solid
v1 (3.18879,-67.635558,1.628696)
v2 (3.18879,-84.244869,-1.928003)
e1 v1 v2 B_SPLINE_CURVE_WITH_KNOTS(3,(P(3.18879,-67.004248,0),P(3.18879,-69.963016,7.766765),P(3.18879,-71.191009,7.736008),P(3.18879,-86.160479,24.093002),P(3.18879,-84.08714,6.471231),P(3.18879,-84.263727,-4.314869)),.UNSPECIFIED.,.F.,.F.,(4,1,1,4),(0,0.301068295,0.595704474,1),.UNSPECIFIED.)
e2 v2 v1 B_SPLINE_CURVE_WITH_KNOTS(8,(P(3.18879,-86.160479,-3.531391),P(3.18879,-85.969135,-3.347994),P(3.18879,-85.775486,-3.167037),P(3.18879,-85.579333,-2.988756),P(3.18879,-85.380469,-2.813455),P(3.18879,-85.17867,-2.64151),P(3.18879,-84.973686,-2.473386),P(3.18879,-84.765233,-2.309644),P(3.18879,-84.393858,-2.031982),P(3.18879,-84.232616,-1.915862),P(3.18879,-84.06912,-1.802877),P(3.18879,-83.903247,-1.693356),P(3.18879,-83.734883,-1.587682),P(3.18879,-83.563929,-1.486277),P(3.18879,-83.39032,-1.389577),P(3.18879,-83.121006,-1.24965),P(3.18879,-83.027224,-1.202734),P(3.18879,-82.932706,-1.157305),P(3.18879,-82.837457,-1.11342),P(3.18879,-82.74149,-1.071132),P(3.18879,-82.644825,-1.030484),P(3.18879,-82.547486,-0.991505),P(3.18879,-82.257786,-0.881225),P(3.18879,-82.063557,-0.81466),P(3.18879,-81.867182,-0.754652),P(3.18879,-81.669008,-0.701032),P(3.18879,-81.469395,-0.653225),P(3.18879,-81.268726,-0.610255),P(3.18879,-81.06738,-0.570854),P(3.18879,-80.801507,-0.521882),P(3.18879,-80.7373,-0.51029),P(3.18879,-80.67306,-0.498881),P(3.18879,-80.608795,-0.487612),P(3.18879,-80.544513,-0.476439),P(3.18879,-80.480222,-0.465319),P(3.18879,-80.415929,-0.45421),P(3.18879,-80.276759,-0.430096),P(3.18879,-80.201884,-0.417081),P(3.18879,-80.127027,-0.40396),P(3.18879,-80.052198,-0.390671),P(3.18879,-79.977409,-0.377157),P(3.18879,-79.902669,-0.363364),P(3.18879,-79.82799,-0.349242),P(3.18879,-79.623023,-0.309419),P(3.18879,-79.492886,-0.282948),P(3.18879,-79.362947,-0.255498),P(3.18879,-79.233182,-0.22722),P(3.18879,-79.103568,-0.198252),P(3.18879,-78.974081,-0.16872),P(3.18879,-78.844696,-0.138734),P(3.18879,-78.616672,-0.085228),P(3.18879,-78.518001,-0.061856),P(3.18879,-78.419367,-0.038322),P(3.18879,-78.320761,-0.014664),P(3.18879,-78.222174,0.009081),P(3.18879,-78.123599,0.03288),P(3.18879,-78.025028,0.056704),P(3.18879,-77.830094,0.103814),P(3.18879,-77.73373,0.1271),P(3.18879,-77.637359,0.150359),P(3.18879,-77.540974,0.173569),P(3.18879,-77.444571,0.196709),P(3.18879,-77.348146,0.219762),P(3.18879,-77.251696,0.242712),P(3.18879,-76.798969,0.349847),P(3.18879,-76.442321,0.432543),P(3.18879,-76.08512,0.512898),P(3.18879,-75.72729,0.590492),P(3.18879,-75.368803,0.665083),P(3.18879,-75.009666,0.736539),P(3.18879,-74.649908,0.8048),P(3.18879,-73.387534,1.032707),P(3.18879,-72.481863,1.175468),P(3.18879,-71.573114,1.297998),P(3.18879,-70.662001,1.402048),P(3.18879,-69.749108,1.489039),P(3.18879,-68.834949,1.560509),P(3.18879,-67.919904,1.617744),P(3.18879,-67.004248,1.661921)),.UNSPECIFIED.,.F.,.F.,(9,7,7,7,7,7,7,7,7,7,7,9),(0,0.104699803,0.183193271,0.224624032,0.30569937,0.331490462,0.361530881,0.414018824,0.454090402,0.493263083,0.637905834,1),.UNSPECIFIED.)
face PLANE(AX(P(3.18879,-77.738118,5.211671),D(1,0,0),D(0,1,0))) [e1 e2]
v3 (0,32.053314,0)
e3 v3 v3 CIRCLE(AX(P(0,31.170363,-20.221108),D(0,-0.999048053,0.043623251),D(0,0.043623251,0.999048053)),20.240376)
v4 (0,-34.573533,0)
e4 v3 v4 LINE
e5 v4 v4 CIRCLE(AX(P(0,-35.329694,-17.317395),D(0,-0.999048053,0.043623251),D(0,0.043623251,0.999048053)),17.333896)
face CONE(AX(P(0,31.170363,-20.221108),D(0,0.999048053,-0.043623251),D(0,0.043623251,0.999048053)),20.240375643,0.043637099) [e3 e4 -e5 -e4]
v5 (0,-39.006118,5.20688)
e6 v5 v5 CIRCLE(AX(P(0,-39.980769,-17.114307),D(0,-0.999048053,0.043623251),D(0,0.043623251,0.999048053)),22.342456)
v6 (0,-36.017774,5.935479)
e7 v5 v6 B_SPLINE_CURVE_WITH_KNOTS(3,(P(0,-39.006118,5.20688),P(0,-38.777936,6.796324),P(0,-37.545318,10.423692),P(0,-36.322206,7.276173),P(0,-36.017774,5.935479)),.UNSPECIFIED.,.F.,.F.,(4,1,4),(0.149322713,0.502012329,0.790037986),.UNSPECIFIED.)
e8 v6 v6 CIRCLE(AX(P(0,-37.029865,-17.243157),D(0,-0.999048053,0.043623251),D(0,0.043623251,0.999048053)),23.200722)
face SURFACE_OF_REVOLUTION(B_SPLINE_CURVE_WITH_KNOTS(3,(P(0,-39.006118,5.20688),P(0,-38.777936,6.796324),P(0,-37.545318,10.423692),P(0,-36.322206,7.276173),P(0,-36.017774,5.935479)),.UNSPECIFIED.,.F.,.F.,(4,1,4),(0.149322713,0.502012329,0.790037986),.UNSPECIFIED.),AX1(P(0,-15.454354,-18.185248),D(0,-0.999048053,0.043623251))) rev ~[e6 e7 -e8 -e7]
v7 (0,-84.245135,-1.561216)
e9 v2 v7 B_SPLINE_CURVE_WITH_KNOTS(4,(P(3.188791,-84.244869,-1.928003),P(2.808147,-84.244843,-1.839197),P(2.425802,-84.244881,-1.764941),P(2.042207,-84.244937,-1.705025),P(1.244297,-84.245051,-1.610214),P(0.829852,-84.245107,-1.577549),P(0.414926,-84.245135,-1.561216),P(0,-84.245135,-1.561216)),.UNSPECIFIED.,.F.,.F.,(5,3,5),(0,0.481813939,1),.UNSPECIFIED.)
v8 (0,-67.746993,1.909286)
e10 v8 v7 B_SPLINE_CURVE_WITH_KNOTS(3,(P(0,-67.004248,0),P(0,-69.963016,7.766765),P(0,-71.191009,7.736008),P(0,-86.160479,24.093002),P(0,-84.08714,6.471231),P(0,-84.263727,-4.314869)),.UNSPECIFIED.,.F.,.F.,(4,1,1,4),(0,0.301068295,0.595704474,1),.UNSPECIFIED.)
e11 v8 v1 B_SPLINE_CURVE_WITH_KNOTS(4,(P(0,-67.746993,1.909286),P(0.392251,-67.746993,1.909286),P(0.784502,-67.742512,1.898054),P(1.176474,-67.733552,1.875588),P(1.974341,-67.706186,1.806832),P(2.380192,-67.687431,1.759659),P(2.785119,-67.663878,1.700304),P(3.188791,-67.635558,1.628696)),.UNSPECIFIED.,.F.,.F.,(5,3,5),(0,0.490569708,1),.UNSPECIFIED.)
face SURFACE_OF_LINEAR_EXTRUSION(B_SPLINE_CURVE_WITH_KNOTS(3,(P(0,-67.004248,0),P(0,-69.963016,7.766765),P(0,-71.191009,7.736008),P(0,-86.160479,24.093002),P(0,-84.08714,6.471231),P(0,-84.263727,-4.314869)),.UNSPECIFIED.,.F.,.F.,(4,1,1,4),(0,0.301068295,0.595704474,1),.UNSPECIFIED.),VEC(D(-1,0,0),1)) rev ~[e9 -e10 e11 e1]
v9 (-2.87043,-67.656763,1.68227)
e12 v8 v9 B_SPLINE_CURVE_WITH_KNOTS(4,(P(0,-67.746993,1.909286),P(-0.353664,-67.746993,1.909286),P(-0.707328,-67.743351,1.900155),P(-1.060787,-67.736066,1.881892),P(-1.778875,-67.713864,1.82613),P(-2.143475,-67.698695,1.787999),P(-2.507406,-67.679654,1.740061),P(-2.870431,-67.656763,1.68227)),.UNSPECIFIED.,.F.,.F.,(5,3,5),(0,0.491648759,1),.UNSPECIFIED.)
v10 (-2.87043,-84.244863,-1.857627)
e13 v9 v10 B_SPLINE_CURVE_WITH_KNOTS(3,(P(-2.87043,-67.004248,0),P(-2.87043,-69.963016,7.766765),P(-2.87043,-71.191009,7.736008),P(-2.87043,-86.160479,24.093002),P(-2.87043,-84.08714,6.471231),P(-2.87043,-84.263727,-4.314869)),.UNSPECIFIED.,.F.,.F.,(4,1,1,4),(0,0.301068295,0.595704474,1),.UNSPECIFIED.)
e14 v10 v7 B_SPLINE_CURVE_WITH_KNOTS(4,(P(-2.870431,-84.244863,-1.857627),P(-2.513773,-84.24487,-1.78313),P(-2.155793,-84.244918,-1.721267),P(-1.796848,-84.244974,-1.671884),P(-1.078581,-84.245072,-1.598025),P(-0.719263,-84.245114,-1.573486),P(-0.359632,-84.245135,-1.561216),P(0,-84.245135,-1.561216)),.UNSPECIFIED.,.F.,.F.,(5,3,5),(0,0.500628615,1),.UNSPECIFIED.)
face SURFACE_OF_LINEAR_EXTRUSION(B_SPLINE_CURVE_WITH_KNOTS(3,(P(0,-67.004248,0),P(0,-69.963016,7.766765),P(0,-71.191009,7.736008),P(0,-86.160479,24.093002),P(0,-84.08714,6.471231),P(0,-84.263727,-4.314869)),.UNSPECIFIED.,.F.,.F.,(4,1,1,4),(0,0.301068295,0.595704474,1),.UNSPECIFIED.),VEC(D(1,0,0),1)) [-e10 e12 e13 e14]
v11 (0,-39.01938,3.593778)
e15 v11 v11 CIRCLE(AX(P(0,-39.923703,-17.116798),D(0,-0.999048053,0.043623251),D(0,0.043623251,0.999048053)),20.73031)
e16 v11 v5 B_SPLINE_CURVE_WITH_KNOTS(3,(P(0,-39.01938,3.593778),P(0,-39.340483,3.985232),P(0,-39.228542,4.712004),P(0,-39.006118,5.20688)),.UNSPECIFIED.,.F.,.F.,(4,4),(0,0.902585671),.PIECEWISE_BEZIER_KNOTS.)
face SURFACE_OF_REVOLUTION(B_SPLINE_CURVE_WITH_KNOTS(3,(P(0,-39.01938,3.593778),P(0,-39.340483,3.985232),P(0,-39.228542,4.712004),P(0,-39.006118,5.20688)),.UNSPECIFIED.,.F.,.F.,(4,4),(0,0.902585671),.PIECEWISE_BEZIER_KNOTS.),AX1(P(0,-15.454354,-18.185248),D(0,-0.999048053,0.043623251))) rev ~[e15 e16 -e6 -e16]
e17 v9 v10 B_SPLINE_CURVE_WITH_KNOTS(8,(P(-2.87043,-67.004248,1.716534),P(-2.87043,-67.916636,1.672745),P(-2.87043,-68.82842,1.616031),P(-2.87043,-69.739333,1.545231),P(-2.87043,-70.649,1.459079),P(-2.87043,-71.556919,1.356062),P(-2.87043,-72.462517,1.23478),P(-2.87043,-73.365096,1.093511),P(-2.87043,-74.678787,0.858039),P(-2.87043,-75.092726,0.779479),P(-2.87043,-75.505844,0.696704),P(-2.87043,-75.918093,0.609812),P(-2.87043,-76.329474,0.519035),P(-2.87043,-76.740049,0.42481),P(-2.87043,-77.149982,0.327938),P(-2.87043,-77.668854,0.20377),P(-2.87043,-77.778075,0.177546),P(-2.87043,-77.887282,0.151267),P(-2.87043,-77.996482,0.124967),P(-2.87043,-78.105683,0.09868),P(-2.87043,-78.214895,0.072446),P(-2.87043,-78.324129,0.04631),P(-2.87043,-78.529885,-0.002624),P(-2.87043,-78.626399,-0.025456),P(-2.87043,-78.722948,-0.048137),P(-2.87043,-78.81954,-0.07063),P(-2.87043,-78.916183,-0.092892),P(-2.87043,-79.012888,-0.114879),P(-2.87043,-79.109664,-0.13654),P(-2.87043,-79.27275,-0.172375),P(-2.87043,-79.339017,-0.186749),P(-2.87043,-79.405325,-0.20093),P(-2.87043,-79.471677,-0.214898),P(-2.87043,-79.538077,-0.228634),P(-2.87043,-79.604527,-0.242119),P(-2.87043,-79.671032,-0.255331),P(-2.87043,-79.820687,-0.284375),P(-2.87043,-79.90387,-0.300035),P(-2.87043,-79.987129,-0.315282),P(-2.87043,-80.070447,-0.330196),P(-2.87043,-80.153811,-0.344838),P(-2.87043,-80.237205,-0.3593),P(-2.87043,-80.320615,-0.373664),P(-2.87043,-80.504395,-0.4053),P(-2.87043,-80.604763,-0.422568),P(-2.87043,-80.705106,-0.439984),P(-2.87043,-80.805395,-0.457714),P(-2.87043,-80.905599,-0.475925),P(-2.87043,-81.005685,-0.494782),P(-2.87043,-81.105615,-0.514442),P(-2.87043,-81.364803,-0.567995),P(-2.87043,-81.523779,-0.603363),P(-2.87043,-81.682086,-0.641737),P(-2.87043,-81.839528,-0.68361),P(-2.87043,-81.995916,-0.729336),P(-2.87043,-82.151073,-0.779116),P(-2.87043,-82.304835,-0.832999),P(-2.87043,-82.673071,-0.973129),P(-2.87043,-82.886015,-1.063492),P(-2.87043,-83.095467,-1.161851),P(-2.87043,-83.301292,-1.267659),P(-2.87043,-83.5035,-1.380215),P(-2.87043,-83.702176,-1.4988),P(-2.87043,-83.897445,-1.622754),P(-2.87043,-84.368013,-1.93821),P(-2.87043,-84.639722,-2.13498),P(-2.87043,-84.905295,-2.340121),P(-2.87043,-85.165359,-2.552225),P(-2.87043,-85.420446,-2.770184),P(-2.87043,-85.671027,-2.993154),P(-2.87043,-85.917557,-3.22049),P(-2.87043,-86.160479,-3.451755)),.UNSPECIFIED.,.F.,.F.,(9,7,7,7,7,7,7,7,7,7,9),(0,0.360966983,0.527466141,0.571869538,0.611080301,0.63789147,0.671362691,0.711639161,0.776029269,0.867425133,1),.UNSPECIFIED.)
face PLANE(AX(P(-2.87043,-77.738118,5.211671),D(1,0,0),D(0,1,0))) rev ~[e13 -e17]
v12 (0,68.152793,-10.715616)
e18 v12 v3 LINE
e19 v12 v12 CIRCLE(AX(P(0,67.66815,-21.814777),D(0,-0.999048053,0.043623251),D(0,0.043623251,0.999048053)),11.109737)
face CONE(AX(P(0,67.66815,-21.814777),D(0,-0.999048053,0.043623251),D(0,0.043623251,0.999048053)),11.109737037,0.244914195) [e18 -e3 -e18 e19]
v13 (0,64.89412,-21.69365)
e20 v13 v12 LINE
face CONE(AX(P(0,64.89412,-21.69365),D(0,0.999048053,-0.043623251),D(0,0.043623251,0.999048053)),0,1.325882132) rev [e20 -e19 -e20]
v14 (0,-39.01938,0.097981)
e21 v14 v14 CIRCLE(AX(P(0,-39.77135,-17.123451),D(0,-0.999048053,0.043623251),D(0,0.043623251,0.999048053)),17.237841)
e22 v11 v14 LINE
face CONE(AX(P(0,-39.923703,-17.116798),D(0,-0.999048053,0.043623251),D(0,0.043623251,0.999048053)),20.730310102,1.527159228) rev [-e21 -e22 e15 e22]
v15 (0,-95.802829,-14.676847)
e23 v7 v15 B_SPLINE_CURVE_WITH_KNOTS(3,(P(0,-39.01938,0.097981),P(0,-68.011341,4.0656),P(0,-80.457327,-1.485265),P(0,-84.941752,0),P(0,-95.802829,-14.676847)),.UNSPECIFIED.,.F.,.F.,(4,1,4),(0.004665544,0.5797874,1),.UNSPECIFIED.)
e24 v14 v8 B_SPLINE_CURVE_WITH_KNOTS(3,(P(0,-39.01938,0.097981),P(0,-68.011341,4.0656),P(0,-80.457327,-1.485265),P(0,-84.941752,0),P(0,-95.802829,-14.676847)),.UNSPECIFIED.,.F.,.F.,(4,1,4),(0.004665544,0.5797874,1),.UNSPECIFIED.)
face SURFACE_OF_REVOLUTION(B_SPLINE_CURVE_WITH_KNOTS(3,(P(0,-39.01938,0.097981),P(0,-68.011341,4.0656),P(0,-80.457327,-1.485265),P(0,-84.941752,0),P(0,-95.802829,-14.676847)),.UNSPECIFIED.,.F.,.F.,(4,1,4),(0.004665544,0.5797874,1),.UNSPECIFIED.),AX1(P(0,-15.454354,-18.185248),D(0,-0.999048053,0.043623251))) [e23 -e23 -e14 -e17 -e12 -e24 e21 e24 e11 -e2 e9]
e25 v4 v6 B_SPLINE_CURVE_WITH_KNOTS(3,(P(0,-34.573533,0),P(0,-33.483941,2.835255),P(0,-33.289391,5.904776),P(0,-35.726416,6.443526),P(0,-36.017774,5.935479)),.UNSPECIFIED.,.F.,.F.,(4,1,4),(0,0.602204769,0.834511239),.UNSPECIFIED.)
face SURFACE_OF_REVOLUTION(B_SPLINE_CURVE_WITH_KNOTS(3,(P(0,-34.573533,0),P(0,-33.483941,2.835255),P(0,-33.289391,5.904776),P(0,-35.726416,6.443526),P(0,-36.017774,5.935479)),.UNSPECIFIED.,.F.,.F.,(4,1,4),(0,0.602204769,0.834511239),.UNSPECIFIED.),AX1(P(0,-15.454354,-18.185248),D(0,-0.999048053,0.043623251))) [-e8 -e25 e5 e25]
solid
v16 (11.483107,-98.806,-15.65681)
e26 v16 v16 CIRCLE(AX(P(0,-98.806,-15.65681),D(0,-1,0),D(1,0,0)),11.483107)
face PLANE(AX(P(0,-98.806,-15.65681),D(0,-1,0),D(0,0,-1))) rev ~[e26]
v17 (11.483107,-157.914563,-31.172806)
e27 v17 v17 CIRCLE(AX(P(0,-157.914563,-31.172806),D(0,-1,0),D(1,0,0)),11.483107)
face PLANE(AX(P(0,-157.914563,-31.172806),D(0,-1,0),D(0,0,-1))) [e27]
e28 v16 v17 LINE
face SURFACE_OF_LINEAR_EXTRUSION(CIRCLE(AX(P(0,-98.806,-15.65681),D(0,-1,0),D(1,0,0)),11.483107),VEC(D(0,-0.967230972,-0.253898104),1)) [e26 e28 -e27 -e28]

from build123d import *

# Parameters (mm, degrees)
F3_DEPTH      = 3.18879
F3_DEPTH_BACK = 2.87043
F5_R          = 11.4831070985


with BuildPart() as f1:
    # F0 (on Right) → F1 (revolve)
    with BuildSketch(Plane.YZ):
        with BuildLine():
            Line((-35.8375459909, 0), (-34.5735326409, 0))
            add(Edge.make_bspline(
                [(-34.5735326409, 0), (-33.4839411417, 2.8352549766), (-33.2893912504, 5.9047763272), (-35.7264161231, 6.443526059), (-36.0177738871, 5.9354789921)],
                knots=[0, 0, 0, 0, 0.6022047694, 0.8345112386, 0.8345112386, 0.8345112386, 0.8345112386], degree=3))
            add(Edge.make_bspline(
                [(-36.0177738871, 5.9354789921), (-35.7958521289, 4.958153288), (-35.7043367754, 4.020275204), (-35.8375459909, 3.6809511948)],
                knots=[0.7900379855, 0.7900379855, 0.7900379855, 0.7900379855, 1, 1, 1, 1], degree=3))
            Line((-35.8375459909, 3.6809511948), (-35.8375459909, 0))
        make_face()
        with BuildLine():
            Line((32.0533141494, 0), (-34.5735326409, 0))
            Line((-34.5735326409, 0), (-35.8375459909, 0))
            Line((-35.8375459909, 0), (-38.3094936345, 0))
            Line((-38.3094936345, 0), (-39.0193797648, 0))
            Line((-39.0193797648, 0), (-39.0193797648, 0.0979808173))
            add(Edge.make_bspline(
                [(-39.0193797648, 0.0979808173), (-68.0113405859, 4.0655995709), (-80.4573271315, -1.4852645131), (-84.941752255, 0), (-95.8028286695, -14.6768465638)],
                knots=[0.0046655443, 0.0046655443, 0.0046655443, 0.0046655443, 0.5797874, 1, 1, 1, 1], degree=3))
            Line((-95.8028286695, -14.6768465638), (64.8941198636, -21.6936495741))
            Line((64.8941198636, -21.6936495741), (68.1527927518, -10.7156159356))
            Line((68.1527927518, -10.7156159356), (32.0533141494, 0))
        make_face()
        with BuildLine():
            add(Edge.make_bspline(
                [(-36.0177738871, 5.9354789921), (-35.7958521289, 4.958153288), (-35.7043367754, 4.020275204), (-35.8375459909, 3.6809511948)],
                knots=[0.7900379855, 0.7900379855, 0.7900379855, 0.7900379855, 1, 1, 1, 1], degree=3))
            add(Edge.make_bspline(
                [(-36.0177738871, 5.9354789921), (-36.2253291725, 5.5735601865), (-36.2364677461, 4.8777122951), (-35.8375459909, 3.6809511948)],
                knots=[0.8345112386, 0.8345112386, 0.8345112386, 0.8345112386, 1, 1, 1, 1], degree=3))
        make_face()
        with BuildLine():
            add(Edge.make_bspline(
                [(-36.0177738871, 5.9354789921), (-36.2253291725, 5.5735601865), (-36.2364677461, 4.8777122951), (-35.8375459909, 3.6809511948)],
                knots=[0.8345112386, 0.8345112386, 0.8345112386, 0.8345112386, 1, 1, 1, 1], degree=3))
            add(Edge.make_bspline(
                [(-39.0061182557, 5.2068801669), (-38.7779364599, 6.7963242858), (-37.5453180327, 10.4236916778), (-36.3222059064, 7.2761732985), (-36.0177738871, 5.9354789921)],
                knots=[0.1493227134, 0.1493227134, 0.1493227134, 0.1493227134, 0.5020123292, 0.7900379855, 0.7900379855, 0.7900379855, 0.7900379855], degree=3))
            add(Edge.make_bspline(
                [(-39.0061182557, 5.2068801669), (-38.7694943424, 5.7333496597), (-38.4078302885, 5.997368367), (-38.3094936345, 5.3160032257)],
                knots=[0.9025856706, 0.9025856706, 0.9025856706, 0.9025856706, 1.8627935026, 1.8627935026, 1.8627935026, 1.8627935026], degree=3))
            Line((-38.3094936345, 5.3160032257), (-38.3094936345, 4.5090997592))
            Line((-38.3094936345, 4.5090997592), (-38.3094936345, 0))
            Line((-38.3094936345, 0), (-35.8375459909, 0))
            Line((-35.8375459909, 0), (-35.8375459909, 3.6809511948))
        make_face()
        with BuildLine():
            add(Edge.make_bspline(
                [(-39.0061182557, 5.2068801669), (-38.7694943424, 5.7333496597), (-38.4078302885, 5.997368367), (-38.3094936345, 5.3160032257)],
                knots=[0.9025856706, 0.9025856706, 0.9025856706, 0.9025856706, 1.8627935026, 1.8627935026, 1.8627935026, 1.8627935026], degree=3))
            add(Edge.make_bspline(
                [(-39.0193797648, 3.5937775392), (-39.1186120706, 3.9340006409), (-39.102726501, 4.5339368816), (-39.0061182557, 5.2068801669)],
                knots=[0, 0, 0, 0, 0.1493227134, 0.1493227134, 0.1493227134, 0.1493227134], degree=3))
            Line((-39.0193797648, 3.5937775392), (-39.0193797648, 0.0979808173))
            add(Edge.make_bspline(
                [(-38.3094936345, 0), (-38.547563822, 0.0331358417), (-38.7841891256, 0.0657944193), (-39.0193797648, 0.0979808173)],
                knots=[0, 0, 0, 0, 0.0046655443, 0.0046655443, 0.0046655443, 0.0046655443], degree=3))
            Line((-38.3094936345, 0), (-38.3094936345, 4.5090997592))
            Line((-38.3094936345, 4.5090997592), (-38.3094936345, 5.3160032257))
        make_face()
        with BuildLine():
            add(Edge.make_bspline(
                [(-39.0193797648, 3.5937775392), (-39.1186120706, 3.9340006409), (-39.102726501, 4.5339368816), (-39.0061182557, 5.2068801669)],
                knots=[0, 0, 0, 0, 0.1493227134, 0.1493227134, 0.1493227134, 0.1493227134], degree=3))
            add(Edge.make_bspline(
                [(-39.0193797648, 3.5937775392), (-39.3404833406, 3.9852316135), (-39.228542346, 4.7120041573), (-39.0061182557, 5.2068801669)],
                knots=[0, 0, 0, 0, 0.9025856706, 0.9025856706, 0.9025856706, 0.9025856706], degree=3))
        make_face()
        with BuildLine():
            Line((-39.0193797648, 0), (-38.3094936345, 0))
            add(Edge.make_bspline(
                [(-38.3094936345, 0), (-38.547563822, 0.0331358417), (-38.7841891256, 0.0657944193), (-39.0193797648, 0.0979808173)],
                knots=[0, 0, 0, 0, 0.0046655443, 0.0046655443, 0.0046655443, 0.0046655443], degree=3))
            Line((-39.0193797648, 0.0979808173), (-39.0193797648, 0))
        make_face()
    revolve(axis=Axis((0, -15.454354403, -18.1852480689), (0, -0.9990480529, 0.0436232514)))

    # F2 (on Right) → F3 (join, two sides)
    with BuildSketch(Plane.YZ) as f3_sk:
        with BuildLine():
            Line((-82.5377777219, -4.3148691766), (-67.0042484999, 0))
            add(Edge.make_bspline(
                [(-67.0042484999, 0), (-69.9630156159, 7.766764611), (-71.1910091742, 7.7360081009), (-86.1604789455, 24.093002455), (-84.0871404165, 6.4712309051), (-84.2637270689, -4.3148691766)],
                knots=[0, 0, 0, 0, 0.3010682954, 0.5957044745, 1, 1, 1, 1], degree=3))
            Line((-84.2637270689, -4.3148691766), (-82.5377777219, -4.3148691766))
        make_face()
    extrude(amount=F3_DEPTH)
    extrude(f3_sk.sketch, amount=-F3_DEPTH_BACK)


with BuildPart() as f7:
    # F7: sweep along a path in F6
    with BuildLine(Plane.YZ) as f7_path:
        Line((-98.971106112, -15.6938340515), (-158.0796688795, -31.2098301947))
    # F5 (on offset) → F7 (sweep)
    with BuildSketch(Plane.XZ.offset(98.806)):
        with Locations((0, -15.6568102539)):
            Circle(F5_R)
    sweep(path=f7_path.line)


solid = Compound([f1.part, f7.part])
